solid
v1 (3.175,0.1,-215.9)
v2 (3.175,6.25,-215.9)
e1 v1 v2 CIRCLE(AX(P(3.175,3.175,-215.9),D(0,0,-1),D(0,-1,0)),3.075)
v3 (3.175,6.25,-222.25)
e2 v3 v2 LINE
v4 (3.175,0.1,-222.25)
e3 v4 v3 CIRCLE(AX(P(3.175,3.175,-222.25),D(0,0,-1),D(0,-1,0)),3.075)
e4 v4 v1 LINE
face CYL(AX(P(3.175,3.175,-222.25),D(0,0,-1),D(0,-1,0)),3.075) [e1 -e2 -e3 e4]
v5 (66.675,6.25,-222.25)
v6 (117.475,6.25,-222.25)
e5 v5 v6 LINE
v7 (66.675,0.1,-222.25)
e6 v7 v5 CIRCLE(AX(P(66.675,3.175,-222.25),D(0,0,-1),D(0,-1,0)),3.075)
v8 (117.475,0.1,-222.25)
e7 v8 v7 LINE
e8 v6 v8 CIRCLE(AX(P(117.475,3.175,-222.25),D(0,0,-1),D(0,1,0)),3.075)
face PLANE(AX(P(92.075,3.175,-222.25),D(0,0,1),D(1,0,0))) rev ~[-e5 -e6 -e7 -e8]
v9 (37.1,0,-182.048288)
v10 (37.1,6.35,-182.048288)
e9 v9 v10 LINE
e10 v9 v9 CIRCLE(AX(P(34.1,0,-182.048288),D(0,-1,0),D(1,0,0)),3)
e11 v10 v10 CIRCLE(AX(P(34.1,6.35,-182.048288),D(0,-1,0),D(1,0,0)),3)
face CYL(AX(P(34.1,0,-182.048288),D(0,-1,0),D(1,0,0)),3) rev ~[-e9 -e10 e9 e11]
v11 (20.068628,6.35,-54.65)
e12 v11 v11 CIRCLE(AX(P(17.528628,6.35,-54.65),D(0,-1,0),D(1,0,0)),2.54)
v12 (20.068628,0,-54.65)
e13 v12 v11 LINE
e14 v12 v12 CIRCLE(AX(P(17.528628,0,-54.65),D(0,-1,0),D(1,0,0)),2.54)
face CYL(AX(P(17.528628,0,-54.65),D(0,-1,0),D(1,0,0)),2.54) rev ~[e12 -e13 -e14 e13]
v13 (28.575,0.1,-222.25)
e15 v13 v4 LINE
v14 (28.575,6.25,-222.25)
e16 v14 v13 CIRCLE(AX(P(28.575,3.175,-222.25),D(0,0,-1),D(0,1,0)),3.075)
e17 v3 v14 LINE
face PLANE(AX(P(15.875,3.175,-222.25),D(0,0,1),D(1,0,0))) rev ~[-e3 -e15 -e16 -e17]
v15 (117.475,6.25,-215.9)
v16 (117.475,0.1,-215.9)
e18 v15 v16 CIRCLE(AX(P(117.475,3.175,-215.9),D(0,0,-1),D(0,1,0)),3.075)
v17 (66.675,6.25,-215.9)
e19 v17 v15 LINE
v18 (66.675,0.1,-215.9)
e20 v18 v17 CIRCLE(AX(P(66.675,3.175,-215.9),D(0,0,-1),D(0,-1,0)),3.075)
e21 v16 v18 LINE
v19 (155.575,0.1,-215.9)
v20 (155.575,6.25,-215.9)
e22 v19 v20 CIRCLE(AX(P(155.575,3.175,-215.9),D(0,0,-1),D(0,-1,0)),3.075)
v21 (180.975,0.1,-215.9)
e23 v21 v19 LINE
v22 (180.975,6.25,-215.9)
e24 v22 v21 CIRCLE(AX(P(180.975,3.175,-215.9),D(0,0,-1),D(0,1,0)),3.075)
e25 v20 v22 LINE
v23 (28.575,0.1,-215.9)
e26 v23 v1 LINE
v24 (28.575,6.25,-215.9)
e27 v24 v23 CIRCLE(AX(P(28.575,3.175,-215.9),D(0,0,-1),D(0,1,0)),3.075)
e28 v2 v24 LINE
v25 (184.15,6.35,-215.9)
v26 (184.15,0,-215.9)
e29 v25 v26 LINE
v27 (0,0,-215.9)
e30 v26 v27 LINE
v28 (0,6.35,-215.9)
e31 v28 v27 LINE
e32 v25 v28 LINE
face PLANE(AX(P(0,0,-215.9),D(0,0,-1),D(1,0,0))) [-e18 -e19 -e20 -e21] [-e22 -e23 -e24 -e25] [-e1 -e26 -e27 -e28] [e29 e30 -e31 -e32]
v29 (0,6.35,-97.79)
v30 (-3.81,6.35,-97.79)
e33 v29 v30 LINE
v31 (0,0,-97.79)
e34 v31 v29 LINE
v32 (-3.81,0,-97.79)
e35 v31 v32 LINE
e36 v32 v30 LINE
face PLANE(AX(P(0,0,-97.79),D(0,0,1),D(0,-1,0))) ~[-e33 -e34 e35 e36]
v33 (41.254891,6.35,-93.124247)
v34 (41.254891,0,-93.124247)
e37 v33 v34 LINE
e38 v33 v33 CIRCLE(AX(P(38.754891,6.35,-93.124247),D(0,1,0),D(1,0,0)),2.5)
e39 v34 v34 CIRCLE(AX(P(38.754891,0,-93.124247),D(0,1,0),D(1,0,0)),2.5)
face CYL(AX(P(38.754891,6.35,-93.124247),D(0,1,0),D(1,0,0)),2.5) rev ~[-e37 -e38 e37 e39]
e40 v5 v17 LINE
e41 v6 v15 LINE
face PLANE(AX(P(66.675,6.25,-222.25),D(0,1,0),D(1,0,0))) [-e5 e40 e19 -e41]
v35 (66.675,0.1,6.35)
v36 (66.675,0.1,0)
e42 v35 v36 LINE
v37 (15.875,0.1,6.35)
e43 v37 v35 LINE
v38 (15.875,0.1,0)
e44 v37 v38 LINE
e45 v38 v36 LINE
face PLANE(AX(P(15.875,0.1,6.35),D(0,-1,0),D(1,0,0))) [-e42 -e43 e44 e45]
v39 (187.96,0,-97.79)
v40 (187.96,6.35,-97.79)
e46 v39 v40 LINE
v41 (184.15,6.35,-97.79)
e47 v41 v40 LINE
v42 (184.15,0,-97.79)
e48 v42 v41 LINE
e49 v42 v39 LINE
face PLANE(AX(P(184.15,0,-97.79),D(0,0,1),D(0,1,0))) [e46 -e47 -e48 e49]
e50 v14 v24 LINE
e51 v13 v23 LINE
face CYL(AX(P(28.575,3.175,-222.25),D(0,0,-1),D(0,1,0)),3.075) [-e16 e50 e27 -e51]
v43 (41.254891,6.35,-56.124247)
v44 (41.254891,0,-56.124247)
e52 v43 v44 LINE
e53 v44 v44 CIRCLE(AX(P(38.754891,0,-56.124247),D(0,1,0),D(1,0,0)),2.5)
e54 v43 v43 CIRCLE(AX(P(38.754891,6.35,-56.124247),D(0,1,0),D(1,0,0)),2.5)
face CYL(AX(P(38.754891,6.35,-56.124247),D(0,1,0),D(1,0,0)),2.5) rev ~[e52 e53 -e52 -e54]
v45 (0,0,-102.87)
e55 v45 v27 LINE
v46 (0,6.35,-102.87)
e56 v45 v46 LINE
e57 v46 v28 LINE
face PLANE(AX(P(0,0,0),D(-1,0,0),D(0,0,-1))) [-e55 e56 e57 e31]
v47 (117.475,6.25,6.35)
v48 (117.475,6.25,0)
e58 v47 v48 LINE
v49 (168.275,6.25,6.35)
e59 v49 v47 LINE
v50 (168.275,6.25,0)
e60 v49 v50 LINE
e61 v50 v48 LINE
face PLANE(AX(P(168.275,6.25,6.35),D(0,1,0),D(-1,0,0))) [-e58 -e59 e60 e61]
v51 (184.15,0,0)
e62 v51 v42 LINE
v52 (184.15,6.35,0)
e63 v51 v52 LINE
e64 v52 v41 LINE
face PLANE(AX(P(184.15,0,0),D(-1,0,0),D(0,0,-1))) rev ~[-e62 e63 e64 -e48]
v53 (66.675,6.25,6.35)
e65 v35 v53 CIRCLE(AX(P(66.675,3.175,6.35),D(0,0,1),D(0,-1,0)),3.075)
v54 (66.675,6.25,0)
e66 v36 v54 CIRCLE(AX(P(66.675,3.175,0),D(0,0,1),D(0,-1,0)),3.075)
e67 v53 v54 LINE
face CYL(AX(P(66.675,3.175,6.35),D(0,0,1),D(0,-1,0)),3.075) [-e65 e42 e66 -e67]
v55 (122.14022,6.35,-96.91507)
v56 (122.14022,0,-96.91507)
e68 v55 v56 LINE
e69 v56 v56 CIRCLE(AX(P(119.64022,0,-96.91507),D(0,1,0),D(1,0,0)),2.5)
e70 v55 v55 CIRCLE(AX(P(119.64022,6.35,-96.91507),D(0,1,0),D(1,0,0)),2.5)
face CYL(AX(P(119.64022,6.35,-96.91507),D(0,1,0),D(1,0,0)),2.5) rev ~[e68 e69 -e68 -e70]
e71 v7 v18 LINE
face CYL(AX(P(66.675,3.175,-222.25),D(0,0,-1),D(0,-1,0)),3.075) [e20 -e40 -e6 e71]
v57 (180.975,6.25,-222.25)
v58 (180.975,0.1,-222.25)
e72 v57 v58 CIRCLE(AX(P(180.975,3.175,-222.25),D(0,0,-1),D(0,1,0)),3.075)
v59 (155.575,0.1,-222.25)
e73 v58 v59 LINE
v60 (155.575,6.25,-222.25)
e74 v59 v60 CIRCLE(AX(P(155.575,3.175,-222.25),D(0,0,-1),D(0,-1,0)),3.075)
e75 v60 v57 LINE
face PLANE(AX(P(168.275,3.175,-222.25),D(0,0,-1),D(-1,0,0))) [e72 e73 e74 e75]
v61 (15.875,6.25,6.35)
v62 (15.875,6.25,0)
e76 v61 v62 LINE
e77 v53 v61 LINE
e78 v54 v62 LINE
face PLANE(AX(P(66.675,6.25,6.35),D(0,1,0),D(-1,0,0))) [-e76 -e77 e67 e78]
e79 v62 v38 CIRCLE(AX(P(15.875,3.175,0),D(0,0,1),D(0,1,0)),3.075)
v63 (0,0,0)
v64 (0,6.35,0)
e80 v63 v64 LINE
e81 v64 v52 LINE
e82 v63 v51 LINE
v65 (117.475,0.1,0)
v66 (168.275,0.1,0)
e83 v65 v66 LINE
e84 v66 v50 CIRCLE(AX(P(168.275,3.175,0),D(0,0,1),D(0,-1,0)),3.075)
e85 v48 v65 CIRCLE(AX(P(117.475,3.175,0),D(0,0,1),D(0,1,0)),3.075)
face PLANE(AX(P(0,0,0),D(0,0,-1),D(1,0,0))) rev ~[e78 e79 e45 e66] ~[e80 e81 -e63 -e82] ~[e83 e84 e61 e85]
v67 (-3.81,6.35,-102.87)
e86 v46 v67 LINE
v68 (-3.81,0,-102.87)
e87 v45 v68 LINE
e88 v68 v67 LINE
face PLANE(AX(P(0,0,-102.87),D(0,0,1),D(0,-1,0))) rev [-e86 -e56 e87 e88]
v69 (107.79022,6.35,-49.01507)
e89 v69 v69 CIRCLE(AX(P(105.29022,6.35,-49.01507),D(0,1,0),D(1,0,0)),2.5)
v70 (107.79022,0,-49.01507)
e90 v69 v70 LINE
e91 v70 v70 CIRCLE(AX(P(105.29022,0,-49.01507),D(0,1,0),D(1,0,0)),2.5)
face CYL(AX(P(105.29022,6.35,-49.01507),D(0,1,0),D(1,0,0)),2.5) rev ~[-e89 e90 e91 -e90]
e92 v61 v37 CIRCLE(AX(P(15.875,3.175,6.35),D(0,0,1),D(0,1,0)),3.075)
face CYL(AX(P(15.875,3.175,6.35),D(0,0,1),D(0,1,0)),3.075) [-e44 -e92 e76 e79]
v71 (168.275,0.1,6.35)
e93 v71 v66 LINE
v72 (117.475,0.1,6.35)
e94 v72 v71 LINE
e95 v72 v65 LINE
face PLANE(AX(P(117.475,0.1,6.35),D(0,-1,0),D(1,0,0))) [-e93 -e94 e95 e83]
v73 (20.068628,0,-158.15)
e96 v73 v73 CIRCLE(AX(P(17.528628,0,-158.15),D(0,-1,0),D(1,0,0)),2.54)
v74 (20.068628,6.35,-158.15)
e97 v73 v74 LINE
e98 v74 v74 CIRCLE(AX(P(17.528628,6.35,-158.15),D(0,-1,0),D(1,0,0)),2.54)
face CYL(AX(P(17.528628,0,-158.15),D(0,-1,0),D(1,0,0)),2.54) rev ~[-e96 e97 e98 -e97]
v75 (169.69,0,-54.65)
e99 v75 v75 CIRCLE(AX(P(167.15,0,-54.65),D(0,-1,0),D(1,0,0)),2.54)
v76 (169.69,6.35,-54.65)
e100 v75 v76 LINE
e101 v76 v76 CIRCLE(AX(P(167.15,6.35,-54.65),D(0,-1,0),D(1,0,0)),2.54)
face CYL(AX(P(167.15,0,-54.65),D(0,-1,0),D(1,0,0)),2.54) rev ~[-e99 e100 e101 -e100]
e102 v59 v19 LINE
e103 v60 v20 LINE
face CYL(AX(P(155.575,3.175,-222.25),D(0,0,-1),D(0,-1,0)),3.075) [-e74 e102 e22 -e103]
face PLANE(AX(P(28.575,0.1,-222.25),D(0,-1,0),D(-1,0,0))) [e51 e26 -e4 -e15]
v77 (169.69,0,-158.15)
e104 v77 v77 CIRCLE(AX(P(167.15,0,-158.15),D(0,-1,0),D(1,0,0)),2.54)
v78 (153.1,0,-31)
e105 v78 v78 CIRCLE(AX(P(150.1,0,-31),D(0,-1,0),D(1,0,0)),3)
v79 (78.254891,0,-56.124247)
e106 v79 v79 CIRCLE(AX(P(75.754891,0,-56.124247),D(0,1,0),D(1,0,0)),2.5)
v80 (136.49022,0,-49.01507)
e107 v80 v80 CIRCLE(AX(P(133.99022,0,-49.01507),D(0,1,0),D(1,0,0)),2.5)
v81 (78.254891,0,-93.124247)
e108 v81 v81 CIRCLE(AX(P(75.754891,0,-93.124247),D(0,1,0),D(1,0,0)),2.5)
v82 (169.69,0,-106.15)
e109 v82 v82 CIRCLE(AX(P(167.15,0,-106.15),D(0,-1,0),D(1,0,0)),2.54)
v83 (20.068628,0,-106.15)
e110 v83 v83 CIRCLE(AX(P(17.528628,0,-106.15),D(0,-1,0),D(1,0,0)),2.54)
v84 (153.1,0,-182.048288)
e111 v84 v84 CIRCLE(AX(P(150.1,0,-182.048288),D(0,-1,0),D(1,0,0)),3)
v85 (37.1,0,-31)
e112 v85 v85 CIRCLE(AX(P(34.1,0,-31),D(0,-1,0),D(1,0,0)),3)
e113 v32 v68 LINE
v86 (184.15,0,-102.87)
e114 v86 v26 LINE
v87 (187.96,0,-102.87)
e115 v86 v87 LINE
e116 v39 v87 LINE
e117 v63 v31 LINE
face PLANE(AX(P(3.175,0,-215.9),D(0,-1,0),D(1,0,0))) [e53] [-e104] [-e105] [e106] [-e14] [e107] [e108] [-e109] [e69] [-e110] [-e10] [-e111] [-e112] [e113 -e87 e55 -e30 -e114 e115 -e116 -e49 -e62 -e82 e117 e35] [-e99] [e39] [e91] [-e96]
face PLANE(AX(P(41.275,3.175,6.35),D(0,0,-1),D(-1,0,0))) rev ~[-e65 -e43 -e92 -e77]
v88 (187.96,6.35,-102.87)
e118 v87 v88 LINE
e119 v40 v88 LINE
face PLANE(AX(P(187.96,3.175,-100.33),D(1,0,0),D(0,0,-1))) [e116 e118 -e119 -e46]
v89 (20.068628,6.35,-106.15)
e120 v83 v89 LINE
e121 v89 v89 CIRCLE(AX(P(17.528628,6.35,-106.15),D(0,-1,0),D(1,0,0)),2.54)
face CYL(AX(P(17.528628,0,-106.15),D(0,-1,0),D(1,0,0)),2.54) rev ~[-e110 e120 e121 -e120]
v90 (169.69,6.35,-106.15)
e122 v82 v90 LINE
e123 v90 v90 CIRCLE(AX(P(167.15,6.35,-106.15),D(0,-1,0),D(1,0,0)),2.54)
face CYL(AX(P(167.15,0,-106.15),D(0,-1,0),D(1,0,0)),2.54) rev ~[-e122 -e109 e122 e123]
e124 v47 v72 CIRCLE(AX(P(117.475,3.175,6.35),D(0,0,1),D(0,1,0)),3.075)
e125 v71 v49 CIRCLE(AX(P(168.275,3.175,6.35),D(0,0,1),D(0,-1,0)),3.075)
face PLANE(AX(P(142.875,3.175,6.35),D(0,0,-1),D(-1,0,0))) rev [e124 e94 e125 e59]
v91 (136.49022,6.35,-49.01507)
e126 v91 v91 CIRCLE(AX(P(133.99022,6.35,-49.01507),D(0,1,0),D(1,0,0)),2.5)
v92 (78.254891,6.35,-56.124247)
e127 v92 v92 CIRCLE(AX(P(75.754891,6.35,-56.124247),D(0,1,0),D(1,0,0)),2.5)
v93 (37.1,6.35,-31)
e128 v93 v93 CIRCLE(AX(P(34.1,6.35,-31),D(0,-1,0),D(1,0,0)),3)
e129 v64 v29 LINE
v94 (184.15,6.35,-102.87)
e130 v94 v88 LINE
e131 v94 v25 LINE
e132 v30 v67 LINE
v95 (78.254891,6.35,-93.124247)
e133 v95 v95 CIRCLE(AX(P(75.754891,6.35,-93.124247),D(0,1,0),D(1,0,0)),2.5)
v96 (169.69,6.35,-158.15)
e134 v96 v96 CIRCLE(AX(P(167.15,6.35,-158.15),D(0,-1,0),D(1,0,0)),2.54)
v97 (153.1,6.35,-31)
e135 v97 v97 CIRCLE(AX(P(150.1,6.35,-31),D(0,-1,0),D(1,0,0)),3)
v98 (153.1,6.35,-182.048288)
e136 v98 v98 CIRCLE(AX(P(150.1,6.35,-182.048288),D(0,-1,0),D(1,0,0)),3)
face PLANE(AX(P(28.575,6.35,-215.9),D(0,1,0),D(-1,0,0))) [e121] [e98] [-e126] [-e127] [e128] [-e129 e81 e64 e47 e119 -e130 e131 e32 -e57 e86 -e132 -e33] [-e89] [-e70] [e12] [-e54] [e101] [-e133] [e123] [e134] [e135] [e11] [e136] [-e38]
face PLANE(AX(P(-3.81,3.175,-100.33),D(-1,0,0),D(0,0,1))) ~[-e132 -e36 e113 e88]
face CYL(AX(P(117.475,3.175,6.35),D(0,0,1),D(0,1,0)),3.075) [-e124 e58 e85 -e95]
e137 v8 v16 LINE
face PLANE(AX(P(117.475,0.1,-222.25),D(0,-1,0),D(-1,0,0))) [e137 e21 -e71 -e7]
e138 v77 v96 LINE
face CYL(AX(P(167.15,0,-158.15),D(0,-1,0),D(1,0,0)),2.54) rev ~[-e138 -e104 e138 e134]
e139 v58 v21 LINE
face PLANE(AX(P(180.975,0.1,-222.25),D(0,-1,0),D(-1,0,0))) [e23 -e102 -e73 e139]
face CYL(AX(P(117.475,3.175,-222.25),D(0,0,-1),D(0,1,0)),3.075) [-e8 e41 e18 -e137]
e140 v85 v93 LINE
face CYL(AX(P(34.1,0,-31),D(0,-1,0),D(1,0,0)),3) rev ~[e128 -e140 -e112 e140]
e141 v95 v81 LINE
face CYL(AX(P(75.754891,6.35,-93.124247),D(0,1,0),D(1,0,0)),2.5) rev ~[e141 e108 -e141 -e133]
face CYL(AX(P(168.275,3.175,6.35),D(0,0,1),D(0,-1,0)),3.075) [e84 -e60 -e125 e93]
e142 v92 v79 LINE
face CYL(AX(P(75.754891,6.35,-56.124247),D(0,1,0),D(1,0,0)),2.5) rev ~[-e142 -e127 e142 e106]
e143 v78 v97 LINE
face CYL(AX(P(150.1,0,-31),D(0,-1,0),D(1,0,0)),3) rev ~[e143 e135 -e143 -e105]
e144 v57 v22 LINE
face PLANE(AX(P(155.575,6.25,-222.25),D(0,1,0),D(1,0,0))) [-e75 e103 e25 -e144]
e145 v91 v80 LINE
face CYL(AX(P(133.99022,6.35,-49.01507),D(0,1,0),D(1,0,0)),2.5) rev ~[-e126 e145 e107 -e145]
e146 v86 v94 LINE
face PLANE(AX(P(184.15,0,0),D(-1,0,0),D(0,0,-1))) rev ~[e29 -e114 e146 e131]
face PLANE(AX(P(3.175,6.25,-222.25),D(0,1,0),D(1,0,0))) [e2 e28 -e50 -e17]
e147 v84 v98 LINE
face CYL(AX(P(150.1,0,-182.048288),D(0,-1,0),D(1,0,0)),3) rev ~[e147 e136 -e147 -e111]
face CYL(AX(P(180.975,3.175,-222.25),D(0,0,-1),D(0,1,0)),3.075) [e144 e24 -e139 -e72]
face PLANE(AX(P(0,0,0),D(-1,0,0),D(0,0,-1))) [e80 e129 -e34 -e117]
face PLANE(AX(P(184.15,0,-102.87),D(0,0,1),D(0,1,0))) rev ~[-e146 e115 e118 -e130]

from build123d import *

# Parameters (mm, degrees)
SKETCH4_W           = 184.15
SKETCH4_H           = 215.9
BOSS_EXTRUDE2_DEPTH = 6.35
BOSS_EXTRUDE3_DEPTH = 6.35
BOSS_EXTRUDE4_DEPTH = 6.35
SKETCH7_W           = 5.08
SKETCH7_H           = 6.35
BOSS_EXTRUDE5_DEPTH = 3.81
SKETCH12_R          = 2.54
CUT_EXTRUDE4_DEPTH  = 7.35
SKETCH18_R          = 2.5
CUT_EXTRUDE8_DEPTH  = 10
SKETCH19_R          = 2.5
CUT_EXTRUDE9_DEPTH  = 10
SKETCH20_R          = 3
CUT_EXTRUDE10_DEPTH = 7.35
CUT_EXTRUDE11_DEPTH = 6.35
CUT_EXTRUDE12_DEPTH = 6.35
CUT_EXTRUDE13_DEPTH = 6.35
CUT_EXTRUDE14_DEPTH = 6.35
CUT_EXTRUDE15_DEPTH = 6.35


with BuildPart() as part:
    # Sketch4 → Boss-Extrude2 (new body)
    with BuildSketch(Plane(origin=(0, 0, 0), x_dir=(1, 0, 0), z_dir=(0, 1, 0))):
        with Locations((92.075, 107.95)):
            Rectangle(SKETCH4_W, SKETCH4_H)
    extrude(amount=BOSS_EXTRUDE2_DEPTH)

    # Sketch5 → Boss-Extrude3 (add)
    with BuildSketch(Plane.XY):
        with BuildLine():
            Line((15.875, 6.35), (66.675, 6.35))
            ThreePointArc((66.675, 6.35), (69.85, 3.175), (66.675, 0))
            Line((66.675, 0), (15.875, 0))
            ThreePointArc((15.875, 0), (12.7, 3.175), (15.875, 6.35))
        make_face()
    boss_extrude3 = extrude(amount=BOSS_EXTRUDE3_DEPTH)

    # Mirror1: Boss-Extrude3 across plane
    add(boss_extrude3.mirror(Plane(origin=(92.075, 0, 0), x_dir=(0, 0, 1), z_dir=(1, 0, 0))))

    # Sketch6 → Boss-Extrude4 (add)
    with BuildSketch(Plane(origin=(0, 0, -215.9), x_dir=(-1, 0, 0), z_dir=(0, 0, -1))):
        with BuildLine():
            Line((-117.475, 6.35), (-66.675, 6.35))
            ThreePointArc((-66.675, 6.35), (-63.5, 3.175), (-66.675, 0))
            Line((-66.675, 0), (-117.475, 0))
            ThreePointArc((-117.475, 0), (-120.65, 3.175), (-117.475, 6.35))
        make_face()
        with BuildLine():
            Line((-28.575, 6.35), (-3.175, 6.35))
            ThreePointArc((-3.175, 6.35), (0, 3.175), (-3.175, 0))
            Line((-3.175, 0), (-28.575, 0))
            ThreePointArc((-28.575, 0), (-31.75, 3.175), (-28.575, 6.35))
        make_face()
        with BuildLine():
            Line((-155.575, 6.35), (-180.975, 6.35))
            ThreePointArc((-180.975, 6.35), (-184.15, 3.175), (-180.975, 0))
            Line((-180.975, 0), (-155.575, 0))
            ThreePointArc((-155.575, 0), (-152.4, 3.175), (-155.575, 6.35))
        make_face()
    extrude(amount=BOSS_EXTRUDE4_DEPTH)

    # Sketch7 → Boss-Extrude5 (add)
    with BuildSketch(Plane(origin=(184.15, 0, 0), x_dir=(0, 0, -1), z_dir=(1, 0, 0))):
        with Locations((100.33, 3.175)):
            Rectangle(SKETCH7_W, SKETCH7_H)
    boss_extrude5 = extrude(amount=BOSS_EXTRUDE5_DEPTH)

    # Mirror3: Boss-Extrude5 across plane
    add(boss_extrude5.mirror(Plane.ZY.offset(-92.075)))

    # Sketch12 → Cut-Extrude4 (cut, through all)
    with BuildSketch(Plane.XZ):
        with Locations((17.528627724, -54.65)):
            Circle(SKETCH12_R)
        with Locations((167.15, -54.65)):
            Circle(SKETCH12_R)
        with Locations((167.15, -106.15)):
            Circle(SKETCH12_R)
        with Locations((17.528627724, -106.15)):
            Circle(SKETCH12_R)
        with Locations((17.528627724, -158.15)):
            Circle(SKETCH12_R)
        with Locations((167.15, -158.15)):
            Circle(SKETCH12_R)
    extrude(amount=-CUT_EXTRUDE4_DEPTH, mode=Mode.SUBTRACT)

    # Sketch18 → Cut-Extrude8 (cut)
    with BuildSketch(Plane(origin=(0, 6.35, 0), x_dir=(1, 0, 0), z_dir=(0, 1, 0))):
        with Locations((105.290220108, 49.015069715)):
            Circle(SKETCH18_R)
        with Locations((133.990220108, 49.015069715)):
            Circle(SKETCH18_R)
        with Locations((119.640220108, 96.915069715)):
            Circle(SKETCH18_R)
    extrude(amount=-CUT_EXTRUDE8_DEPTH, mode=Mode.SUBTRACT)

    # Sketch19 → Cut-Extrude9 (cut)
    with BuildSketch(Plane(origin=(0, 6.35, 0), x_dir=(1, 0, 0), z_dir=(0, 1, 0))):
        with Locations((75.754890742, 56.124247339)):
            Circle(SKETCH19_R)
        with Locations((38.754890742, 56.124247339)):
            Circle(SKETCH19_R)
        with Locations((75.754890742, 93.124247339)):
            Circle(SKETCH19_R)
        with Locations((38.754890742, 93.124247339)):
            Circle(SKETCH19_R)
    extrude(amount=-CUT_EXTRUDE9_DEPTH, mode=Mode.SUBTRACT)

    # Sketch20 → Cut-Extrude10 (cut, through all)
    with BuildSketch(Plane.XZ):
        with Locations((150.1, -182.048287602)):
            Circle(SKETCH20_R)
        with Locations((34.1, -182.048287602)):
            Circle(SKETCH20_R)
        with Locations((150.1, -31)):
            Circle(SKETCH20_R)
        with Locations((34.1, -31)):
            Circle(SKETCH20_R)
    extrude(amount=-CUT_EXTRUDE10_DEPTH, mode=Mode.SUBTRACT)

    # Sketch21 → Cut-Extrude11 (cut)
    with BuildSketch(Plane(origin=(0, 0, -222.25), x_dir=(-1, 0, 0), z_dir=(0, 0, -1))):
        with BuildLine():
            Line((-155.575, 6.35), (-180.975, 6.35))
            ThreePointArc((-180.975, 6.35), (-184.15, 3.175), (-180.975, 0))
            Line((-180.975, 0), (-155.575, 0))
            ThreePointArc((-155.575, 0), (-152.4, 3.175), (-155.575, 6.35))
        make_face()
        with BuildLine():
            Line((-155.575, 6.25), (-180.975, 6.25))
            ThreePointArc((-180.975, 6.25), (-184.05, 3.175), (-180.975, 0.1))
            Line((-180.975, 0.1), (-155.575, 0.1))
            ThreePointArc((-155.575, 0.1), (-152.5, 3.175), (-155.575, 6.25))
        make_face(mode=Mode.SUBTRACT)
    extrude(amount=-CUT_EXTRUDE11_DEPTH, mode=Mode.SUBTRACT)

    # Sketch22 → Cut-Extrude12 (cut)
    with BuildSketch(Plane(origin=(0, 0, -222.25), x_dir=(-1, 0, 0), z_dir=(0, 0, -1))):
        with BuildLine():
            Line((-66.675, 6.35), (-117.475, 6.35))
            ThreePointArc((-117.475, 6.35), (-120.65, 3.175), (-117.475, 0))
            Line((-117.475, 0), (-66.675, 0))
            ThreePointArc((-66.675, 0), (-63.5, 3.175), (-66.675, 6.35))
        make_face()
        with BuildLine():
            Line((-66.675, 6.25), (-117.475, 6.25))
            ThreePointArc((-117.475, 6.25), (-120.55, 3.175), (-117.475, 0.1))
            Line((-117.475, 0.1), (-66.675, 0.1))
            ThreePointArc((-66.675, 0.1), (-63.6, 3.175), (-66.675, 6.25))
        make_face(mode=Mode.SUBTRACT)
    extrude(amount=-CUT_EXTRUDE12_DEPTH, mode=Mode.SUBTRACT)

    # Sketch23 → Cut-Extrude13 (cut)
    with BuildSketch(Plane(origin=(0, 0, -222.25), x_dir=(-1, 0, 0), z_dir=(0, 0, -1))):
        with BuildLine():
            Line((-28.575, 0), (-3.175, 0))
            ThreePointArc((-3.175, 0), (0, 3.175), (-3.175, 6.35))
            Line((-3.175, 6.35), (-28.575, 6.35))
            ThreePointArc((-28.575, 6.35), (-31.75, 3.175), (-28.575, 0))
        make_face()
        with BuildLine():
            Line((-28.575, 0.1), (-3.175, 0.1))
            ThreePointArc((-3.175, 0.1), (-0.1, 3.175), (-3.175, 6.25))
            Line((-3.175, 6.25), (-28.575, 6.25))
            ThreePointArc((-28.575, 6.25), (-31.65, 3.175), (-28.575, 0.1))
        make_face(mode=Mode.SUBTRACT)
    extrude(amount=-CUT_EXTRUDE13_DEPTH, mode=Mode.SUBTRACT)

    # Sketch24 → Cut-Extrude14 (cut)
    with BuildSketch(Plane.XY.offset(6.35)):
        with BuildLine():
            Line((15.875, 0), (66.675, 0))
            ThreePointArc((66.675, 0), (69.85, 3.175), (66.675, 6.35))
            Line((66.675, 6.35), (15.875, 6.35))
            ThreePointArc((15.875, 6.35), (12.7, 3.175), (15.875, 0))
        make_face()
        with BuildLine():
            Line((15.875, 0.1), (66.675, 0.1))
            ThreePointArc((66.675, 0.1), (69.75, 3.175), (66.675, 6.25))
            Line((66.675, 6.25), (15.875, 6.25))
            ThreePointArc((15.875, 6.25), (12.8, 3.175), (15.875, 0.1))
        make_face(mode=Mode.SUBTRACT)
    extrude(amount=-CUT_EXTRUDE14_DEPTH, mode=Mode.SUBTRACT)

    # Sketch25 → Cut-Extrude15 (cut)
    with BuildSketch(Plane.XY.offset(6.35)):
        with BuildLine():
            Line((168.275, 6.35), (117.475, 6.35))
            ThreePointArc((117.475, 6.35), (114.3, 3.175), (117.475, 0))
            Line((117.475, 0), (168.275, 0))
            ThreePointArc((168.275, 0), (171.45, 3.175), (168.275, 6.35))
        make_face()
        with BuildLine():
            Line((168.275, 6.25), (117.475, 6.25))
            ThreePointArc((117.475, 6.25), (114.4, 3.175), (117.475, 0.1))
            Line((117.475, 0.1), (168.275, 0.1))
            ThreePointArc((168.275, 0.1), (171.35, 3.175), (168.275, 6.25))
        make_face(mode=Mode.SUBTRACT)
    extrude(amount=-CUT_EXTRUDE15_DEPTH, mode=Mode.SUBTRACT)


solid = part.part
